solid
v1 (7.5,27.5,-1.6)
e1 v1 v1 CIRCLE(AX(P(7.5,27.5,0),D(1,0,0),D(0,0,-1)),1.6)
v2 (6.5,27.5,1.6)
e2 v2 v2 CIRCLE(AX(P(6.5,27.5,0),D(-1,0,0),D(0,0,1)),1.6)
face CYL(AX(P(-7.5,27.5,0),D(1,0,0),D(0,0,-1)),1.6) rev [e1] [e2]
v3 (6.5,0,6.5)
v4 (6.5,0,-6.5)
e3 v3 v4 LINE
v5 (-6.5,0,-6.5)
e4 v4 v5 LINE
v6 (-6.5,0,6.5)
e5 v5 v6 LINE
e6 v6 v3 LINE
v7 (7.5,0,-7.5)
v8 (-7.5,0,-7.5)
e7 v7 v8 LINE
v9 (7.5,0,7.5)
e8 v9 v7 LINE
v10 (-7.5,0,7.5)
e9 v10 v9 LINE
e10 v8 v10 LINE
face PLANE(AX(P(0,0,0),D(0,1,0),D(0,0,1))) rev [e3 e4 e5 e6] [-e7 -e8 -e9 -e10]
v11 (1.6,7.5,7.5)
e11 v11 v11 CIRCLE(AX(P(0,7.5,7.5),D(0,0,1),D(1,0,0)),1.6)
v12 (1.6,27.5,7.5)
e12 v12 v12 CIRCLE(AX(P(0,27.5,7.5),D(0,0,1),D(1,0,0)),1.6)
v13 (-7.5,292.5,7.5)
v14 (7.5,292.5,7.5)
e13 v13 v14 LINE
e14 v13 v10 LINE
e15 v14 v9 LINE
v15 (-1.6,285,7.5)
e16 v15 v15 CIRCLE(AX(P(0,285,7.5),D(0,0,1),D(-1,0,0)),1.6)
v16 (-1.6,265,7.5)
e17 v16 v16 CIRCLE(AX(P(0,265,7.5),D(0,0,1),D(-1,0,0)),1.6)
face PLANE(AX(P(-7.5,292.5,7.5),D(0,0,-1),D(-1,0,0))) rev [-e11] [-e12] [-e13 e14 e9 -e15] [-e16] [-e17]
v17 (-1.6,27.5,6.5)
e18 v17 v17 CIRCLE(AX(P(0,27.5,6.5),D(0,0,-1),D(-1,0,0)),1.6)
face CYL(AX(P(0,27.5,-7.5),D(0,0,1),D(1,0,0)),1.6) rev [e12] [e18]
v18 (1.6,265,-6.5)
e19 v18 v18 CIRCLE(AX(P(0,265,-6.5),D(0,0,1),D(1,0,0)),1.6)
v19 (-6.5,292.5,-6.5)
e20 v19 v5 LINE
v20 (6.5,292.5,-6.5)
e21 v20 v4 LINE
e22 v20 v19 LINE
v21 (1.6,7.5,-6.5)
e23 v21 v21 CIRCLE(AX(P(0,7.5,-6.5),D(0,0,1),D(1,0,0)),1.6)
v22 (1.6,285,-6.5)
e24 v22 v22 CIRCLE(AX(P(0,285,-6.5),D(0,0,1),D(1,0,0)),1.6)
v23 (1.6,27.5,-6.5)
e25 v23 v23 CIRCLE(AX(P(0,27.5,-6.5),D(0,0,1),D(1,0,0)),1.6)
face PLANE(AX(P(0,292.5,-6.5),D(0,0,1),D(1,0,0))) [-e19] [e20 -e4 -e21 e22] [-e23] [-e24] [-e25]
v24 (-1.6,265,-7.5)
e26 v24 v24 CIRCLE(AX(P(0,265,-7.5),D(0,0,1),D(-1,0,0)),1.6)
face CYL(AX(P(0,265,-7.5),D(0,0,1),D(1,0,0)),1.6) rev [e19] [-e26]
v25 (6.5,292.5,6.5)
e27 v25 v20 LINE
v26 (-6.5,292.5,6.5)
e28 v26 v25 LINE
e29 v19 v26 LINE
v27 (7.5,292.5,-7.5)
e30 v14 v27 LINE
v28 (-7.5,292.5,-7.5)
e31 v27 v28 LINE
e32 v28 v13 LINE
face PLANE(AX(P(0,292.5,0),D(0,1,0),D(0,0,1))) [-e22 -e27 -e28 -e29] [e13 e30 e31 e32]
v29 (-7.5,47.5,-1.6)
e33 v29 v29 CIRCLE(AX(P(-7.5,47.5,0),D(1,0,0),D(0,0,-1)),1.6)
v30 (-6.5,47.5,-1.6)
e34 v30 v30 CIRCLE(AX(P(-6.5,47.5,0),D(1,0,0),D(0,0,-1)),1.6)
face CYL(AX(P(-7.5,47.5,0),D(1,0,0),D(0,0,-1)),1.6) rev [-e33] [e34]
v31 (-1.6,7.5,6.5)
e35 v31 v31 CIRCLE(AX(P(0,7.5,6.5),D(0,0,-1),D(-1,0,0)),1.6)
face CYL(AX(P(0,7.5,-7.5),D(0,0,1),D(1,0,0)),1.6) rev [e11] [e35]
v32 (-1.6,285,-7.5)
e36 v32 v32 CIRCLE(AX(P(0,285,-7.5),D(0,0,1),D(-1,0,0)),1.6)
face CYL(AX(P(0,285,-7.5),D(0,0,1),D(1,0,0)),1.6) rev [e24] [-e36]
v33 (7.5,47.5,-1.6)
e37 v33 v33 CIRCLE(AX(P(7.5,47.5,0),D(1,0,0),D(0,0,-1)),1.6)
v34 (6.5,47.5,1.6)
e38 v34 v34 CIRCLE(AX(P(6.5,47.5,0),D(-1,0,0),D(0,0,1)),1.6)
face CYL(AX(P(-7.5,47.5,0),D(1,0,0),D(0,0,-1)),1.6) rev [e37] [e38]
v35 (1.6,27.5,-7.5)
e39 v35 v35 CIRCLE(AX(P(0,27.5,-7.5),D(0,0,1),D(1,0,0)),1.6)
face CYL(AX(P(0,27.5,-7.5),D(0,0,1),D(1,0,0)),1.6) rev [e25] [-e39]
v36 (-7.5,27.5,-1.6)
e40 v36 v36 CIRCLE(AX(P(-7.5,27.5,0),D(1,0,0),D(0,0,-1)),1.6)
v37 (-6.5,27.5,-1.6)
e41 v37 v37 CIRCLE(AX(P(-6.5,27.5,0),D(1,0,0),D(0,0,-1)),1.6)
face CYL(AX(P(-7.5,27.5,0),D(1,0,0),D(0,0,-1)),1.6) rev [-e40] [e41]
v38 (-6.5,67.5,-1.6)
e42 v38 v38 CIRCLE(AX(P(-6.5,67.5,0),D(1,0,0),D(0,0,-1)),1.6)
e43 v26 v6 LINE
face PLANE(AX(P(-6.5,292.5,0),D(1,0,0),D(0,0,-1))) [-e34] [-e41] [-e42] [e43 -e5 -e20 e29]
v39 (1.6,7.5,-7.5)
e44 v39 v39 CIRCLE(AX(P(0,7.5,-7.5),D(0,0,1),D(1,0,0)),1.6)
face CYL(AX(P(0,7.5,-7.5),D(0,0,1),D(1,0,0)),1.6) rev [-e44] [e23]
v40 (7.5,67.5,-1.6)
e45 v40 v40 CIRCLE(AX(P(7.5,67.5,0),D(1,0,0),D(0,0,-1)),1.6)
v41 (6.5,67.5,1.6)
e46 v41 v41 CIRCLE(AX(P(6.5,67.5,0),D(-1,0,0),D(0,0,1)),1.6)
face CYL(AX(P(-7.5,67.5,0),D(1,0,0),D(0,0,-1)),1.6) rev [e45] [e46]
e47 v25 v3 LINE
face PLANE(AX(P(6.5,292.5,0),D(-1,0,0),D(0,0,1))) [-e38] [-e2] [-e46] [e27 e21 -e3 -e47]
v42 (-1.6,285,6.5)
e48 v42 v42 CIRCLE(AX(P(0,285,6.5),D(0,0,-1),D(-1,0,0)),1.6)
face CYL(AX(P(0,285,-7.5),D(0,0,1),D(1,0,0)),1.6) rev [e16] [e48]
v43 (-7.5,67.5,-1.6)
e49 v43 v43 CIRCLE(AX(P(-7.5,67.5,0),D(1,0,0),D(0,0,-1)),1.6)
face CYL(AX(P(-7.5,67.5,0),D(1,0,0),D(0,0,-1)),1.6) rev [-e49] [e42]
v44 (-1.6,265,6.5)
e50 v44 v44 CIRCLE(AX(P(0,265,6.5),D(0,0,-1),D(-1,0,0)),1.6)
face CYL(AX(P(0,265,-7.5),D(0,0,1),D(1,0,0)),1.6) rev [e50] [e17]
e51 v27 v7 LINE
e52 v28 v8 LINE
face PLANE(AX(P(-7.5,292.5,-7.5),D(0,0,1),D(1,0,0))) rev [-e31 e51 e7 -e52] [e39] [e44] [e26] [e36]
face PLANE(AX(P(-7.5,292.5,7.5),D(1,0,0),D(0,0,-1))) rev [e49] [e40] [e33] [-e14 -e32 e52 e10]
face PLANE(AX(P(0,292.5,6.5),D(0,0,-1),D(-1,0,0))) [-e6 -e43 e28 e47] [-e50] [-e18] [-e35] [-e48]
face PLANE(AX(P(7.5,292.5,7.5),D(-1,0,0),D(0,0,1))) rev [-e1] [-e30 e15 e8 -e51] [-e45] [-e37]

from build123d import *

# Parameters (mm, degrees)
SKETCH_1_W          = 15
SKETCH_1_H          = 15
SKETCH_1_W_2        = 13
SKETCH_1_H_2        = 13
EXTRUDE_1_DEPTH     = 292.5
SKETCH_2_R          = 1.6
CUT_EXTRUDE_1_DEPTH = 293.980374769
SKETCH_3_R          = 1.6
CUT_EXTRUDE_2_DEPTH = 293.980374769


with BuildPart() as part:
    # 草图1 → 拉伸-薄壁1 (new body)
    with BuildSketch(Plane(origin=(0, 0, 0), x_dir=(1, 0, 0), z_dir=(0, 1, 0))):
        Rectangle(SKETCH_1_W, SKETCH_1_H)
        Rectangle(SKETCH_1_W_2, SKETCH_1_H_2, mode=Mode.SUBTRACT)
    extrude(amount=EXTRUDE_1_DEPTH)

    # 草图2 → 切除-拉伸1 (cut, through all)
    with BuildSketch(Plane.XY.offset(7.5)):
        with Locations((0, 7.5)):
            Circle(SKETCH_2_R)
        with Locations((0, 27.5)):
            Circle(SKETCH_2_R)
        with Locations(Location((0, 265, 0), (0, 0, 180))):
            Circle(SKETCH_2_R)
        with Locations(Location((0, 285, 0), (0, 0, 180))):
            Circle(SKETCH_2_R)
    extrude(amount=-CUT_EXTRUDE_1_DEPTH, mode=Mode.SUBTRACT)

    # 草图3 → 切除-拉伸2 (cut, through all)
    with BuildSketch(Plane(origin=(7.5, 0, 0), x_dir=(0, 0, -1), z_dir=(1, 0, 0))):
        with Locations((0, 27.5)):
            Circle(SKETCH_3_R)
        with Locations((0, 47.5)):
            Circle(SKETCH_3_R)
        with Locations((0, 67.5)):
            Circle(SKETCH_3_R)
    extrude(amount=-CUT_EXTRUDE_2_DEPTH, mode=Mode.SUBTRACT)


solid = part.part
